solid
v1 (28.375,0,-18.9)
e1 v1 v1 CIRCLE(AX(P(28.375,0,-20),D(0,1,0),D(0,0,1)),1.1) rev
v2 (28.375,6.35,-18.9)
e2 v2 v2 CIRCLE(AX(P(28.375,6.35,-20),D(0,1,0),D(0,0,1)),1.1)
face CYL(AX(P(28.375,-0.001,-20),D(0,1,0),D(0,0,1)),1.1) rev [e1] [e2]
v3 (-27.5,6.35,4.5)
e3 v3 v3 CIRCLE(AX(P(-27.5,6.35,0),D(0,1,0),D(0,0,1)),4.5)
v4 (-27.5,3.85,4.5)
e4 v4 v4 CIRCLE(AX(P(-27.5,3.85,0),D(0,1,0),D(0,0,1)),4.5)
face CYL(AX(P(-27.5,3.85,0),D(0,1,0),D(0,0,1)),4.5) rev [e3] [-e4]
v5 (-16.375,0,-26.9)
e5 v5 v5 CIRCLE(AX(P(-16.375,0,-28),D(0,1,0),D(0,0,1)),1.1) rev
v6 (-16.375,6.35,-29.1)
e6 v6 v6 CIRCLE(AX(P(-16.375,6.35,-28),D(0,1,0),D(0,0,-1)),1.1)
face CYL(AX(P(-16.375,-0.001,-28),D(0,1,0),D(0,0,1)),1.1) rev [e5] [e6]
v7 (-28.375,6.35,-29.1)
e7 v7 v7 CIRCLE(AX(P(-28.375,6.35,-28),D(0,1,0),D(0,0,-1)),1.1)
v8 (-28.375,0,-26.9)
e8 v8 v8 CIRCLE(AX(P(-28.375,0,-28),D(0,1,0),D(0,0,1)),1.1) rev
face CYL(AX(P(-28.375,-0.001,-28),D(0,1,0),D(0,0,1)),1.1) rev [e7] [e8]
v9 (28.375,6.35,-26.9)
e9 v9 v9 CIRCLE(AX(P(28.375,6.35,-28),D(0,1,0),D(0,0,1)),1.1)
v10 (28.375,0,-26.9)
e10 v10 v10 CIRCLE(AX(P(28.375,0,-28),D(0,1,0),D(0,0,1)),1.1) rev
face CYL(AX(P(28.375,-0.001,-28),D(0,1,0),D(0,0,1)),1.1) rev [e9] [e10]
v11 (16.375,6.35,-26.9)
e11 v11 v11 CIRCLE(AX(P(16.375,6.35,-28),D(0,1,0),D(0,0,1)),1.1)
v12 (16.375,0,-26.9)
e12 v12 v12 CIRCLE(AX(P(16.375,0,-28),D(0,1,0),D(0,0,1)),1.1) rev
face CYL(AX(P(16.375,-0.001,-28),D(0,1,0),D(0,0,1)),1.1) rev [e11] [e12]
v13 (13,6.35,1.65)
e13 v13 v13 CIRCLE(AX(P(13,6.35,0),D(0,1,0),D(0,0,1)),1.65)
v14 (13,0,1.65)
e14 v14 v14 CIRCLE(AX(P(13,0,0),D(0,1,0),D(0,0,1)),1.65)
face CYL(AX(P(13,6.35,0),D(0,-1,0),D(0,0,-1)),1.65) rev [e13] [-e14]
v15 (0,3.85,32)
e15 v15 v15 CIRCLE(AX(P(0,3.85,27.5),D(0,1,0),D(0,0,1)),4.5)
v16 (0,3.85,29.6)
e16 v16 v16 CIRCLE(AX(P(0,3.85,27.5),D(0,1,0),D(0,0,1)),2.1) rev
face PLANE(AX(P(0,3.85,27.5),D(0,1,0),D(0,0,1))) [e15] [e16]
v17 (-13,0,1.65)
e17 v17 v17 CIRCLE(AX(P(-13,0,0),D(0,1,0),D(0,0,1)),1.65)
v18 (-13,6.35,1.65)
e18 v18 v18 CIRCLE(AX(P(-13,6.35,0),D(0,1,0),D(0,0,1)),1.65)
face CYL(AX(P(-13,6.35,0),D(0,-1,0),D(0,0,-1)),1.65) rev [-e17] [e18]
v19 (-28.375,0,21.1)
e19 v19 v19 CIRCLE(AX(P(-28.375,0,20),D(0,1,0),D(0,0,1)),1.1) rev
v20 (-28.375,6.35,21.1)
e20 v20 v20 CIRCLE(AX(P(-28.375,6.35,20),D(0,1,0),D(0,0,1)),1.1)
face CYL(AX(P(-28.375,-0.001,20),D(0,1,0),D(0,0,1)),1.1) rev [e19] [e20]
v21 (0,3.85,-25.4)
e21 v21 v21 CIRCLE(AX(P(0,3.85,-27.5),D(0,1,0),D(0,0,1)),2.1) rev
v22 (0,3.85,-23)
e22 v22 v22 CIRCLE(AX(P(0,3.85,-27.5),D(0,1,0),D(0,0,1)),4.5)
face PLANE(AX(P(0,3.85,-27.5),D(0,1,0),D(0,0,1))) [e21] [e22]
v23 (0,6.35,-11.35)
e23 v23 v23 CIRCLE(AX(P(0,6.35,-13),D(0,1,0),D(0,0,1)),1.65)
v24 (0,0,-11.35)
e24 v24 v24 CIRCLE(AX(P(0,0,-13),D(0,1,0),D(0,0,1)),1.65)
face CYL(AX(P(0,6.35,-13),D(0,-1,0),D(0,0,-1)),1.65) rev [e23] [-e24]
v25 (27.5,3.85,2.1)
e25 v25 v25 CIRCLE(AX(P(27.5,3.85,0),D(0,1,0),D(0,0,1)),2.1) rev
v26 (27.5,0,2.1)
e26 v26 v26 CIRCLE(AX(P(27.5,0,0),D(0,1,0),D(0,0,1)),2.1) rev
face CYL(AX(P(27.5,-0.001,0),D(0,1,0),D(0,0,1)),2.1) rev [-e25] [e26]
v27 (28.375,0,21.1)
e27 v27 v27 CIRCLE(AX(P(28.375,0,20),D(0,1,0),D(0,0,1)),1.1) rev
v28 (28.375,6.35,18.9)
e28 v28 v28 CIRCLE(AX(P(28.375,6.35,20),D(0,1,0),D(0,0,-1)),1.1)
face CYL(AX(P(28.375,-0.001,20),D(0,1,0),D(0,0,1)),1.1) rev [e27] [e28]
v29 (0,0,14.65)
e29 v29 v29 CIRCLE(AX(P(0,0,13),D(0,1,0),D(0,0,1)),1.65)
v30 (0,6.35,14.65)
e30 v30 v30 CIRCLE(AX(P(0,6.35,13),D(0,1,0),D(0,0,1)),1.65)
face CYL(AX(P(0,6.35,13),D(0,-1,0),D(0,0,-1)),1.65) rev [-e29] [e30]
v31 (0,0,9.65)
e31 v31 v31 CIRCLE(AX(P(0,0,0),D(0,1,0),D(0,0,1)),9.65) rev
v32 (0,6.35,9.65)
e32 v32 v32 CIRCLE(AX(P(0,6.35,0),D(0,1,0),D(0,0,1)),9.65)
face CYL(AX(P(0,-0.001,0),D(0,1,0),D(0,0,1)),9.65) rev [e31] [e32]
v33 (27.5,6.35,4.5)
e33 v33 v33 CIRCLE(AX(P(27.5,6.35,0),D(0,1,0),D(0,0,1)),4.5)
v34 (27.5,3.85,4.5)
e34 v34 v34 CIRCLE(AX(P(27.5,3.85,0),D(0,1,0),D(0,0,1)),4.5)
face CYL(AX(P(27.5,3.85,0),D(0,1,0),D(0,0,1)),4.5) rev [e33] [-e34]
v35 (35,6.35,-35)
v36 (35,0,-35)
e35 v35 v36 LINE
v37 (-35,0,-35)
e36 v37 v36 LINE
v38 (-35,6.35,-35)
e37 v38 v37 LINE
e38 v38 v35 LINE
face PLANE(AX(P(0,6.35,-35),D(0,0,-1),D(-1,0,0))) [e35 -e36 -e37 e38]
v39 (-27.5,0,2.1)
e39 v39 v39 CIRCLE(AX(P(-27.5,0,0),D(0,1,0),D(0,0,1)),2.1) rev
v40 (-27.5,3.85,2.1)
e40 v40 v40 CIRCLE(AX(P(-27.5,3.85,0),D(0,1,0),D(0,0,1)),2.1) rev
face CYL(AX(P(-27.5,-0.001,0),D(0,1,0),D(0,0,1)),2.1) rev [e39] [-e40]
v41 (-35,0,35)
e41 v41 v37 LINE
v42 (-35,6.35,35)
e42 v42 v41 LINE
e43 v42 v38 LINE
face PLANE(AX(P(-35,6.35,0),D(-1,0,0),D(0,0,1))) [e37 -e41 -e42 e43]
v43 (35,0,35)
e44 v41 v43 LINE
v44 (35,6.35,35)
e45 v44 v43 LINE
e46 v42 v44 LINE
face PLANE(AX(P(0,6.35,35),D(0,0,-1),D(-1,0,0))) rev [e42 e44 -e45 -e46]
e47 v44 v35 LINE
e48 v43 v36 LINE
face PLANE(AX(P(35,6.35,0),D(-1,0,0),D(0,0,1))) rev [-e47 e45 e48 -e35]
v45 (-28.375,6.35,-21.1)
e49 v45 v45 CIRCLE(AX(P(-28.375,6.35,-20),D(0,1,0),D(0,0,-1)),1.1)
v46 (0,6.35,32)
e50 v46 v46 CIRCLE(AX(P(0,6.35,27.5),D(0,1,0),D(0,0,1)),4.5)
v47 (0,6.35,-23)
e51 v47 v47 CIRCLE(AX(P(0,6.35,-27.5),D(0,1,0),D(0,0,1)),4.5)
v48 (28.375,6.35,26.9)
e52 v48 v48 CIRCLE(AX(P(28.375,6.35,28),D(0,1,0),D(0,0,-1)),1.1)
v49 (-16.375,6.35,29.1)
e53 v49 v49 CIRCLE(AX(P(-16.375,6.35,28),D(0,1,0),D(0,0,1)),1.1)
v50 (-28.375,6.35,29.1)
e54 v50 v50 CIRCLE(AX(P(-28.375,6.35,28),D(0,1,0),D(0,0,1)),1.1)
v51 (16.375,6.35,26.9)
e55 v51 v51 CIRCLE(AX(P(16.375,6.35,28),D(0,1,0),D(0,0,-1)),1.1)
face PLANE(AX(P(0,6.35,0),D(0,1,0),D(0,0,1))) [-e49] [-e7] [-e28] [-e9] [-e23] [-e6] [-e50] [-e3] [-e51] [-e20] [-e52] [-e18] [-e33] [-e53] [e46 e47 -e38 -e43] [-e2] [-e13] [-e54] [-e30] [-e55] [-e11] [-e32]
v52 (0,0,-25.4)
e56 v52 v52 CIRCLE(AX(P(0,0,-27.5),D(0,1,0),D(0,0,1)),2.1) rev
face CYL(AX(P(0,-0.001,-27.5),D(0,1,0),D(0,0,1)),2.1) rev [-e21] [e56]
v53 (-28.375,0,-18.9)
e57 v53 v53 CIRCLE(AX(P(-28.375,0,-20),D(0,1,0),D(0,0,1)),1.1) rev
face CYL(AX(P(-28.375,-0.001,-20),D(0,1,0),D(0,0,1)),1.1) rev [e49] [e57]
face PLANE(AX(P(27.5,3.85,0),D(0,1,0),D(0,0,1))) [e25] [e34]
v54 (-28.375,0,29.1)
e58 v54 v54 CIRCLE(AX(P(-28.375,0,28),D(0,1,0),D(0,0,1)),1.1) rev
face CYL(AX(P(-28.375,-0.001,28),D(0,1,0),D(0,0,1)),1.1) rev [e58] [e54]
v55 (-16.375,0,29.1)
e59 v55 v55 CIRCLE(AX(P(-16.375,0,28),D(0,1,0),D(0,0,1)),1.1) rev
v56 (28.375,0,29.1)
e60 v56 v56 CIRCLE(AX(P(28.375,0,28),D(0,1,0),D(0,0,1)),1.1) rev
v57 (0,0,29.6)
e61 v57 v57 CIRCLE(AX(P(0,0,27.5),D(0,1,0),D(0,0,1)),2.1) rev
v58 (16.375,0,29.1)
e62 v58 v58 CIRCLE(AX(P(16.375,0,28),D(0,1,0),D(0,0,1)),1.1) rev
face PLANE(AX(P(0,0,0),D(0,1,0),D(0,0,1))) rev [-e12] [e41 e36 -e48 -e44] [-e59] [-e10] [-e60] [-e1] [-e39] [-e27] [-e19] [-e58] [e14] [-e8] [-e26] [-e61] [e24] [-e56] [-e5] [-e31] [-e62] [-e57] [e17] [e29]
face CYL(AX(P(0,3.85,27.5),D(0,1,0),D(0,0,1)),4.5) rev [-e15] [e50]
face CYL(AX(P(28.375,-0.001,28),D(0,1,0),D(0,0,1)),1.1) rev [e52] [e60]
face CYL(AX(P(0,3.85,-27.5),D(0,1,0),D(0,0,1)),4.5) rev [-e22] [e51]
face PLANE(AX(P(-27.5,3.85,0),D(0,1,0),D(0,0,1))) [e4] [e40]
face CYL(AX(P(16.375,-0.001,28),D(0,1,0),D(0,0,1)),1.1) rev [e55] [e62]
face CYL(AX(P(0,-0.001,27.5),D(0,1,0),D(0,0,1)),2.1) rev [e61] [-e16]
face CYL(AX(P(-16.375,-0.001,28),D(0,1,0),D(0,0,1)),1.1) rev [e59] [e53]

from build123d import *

# Parameters (mm, degrees)
SKETCH1_W           = 70
SKETCH1_H           = 70
SKETCH1_R           = 1.65
BOSS_EXTRUDE1_DEPTH = 6.35
CUT_EXTRUDE1_REACH  = 51.903
SKETCH2_R           = 1.1
CUT_EXTRUDE2_REACH  = 51.903
SKETCH3_R           = 9.65
CUT_EXTRUDE3_REACH  = 51.903
SKETCH4_R           = 2.1
SKETCH5_R           = 4.5
CUT_EXTRUDE4_DEPTH  = 2.5


with BuildPart() as part:
    # Sketch1 → Boss-Extrude1 (new body)
    with BuildSketch(Plane(origin=(0, 0, 0), x_dir=(1, 0, 0), z_dir=(0, 1, 0))):
        Rectangle(SKETCH1_W, SKETCH1_H)
        with Locations(Location((0, 13, 0), (0, 0, 270))):
            Circle(SKETCH1_R, mode=Mode.SUBTRACT)
        with Locations(Location((13, 0, 0), (0, 0, 270))):
            Circle(SKETCH1_R, mode=Mode.SUBTRACT)
        with Locations(Location((0, -13, 0), (0, 0, 270))):
            Circle(SKETCH1_R, mode=Mode.SUBTRACT)
        with Locations(Location((-13, 0, 0), (0, 0, 270))):
            Circle(SKETCH1_R, mode=Mode.SUBTRACT)
    extrude(amount=BOSS_EXTRUDE1_DEPTH)

    # Sketch2 → Cut-Extrude1 (cut, up to next)
    with BuildSketch(Plane(origin=(0, 6.35, 0), x_dir=(1, 0, 0), z_dir=(0, 1, 0)), mode=Mode.PRIVATE) as cut_extrude1_sk1:
        with Locations(Location((16.375, 28, 0), (0, 0, 270))):
            Circle(SKETCH2_R)
    cut_extrude1_tool1 = extrude(cut_extrude1_sk1.sketch, amount=-CUT_EXTRUDE1_REACH, mode=Mode.PRIVATE) & part.part
    # Sketch2 → Cut-Extrude1 (cut, up to next)
    with BuildSketch(Plane(origin=(0, 6.35, 0), x_dir=(1, 0, 0), z_dir=(0, 1, 0)), mode=Mode.PRIVATE) as cut_extrude1_sk2:
        with Locations(Location((28.375, 28, 0), (0, 0, 270))):
            Circle(SKETCH2_R)
    cut_extrude1_tool2 = extrude(cut_extrude1_sk2.sketch, amount=-CUT_EXTRUDE1_REACH, mode=Mode.PRIVATE) & part.part
    # Sketch2 → Cut-Extrude1 (cut, up to next)
    with BuildSketch(Plane(origin=(0, 6.35, 0), x_dir=(1, 0, 0), z_dir=(0, 1, 0)), mode=Mode.PRIVATE) as cut_extrude1_sk3:
        with Locations(Location((28.375, 20, 0), (0, 0, 270))):
            Circle(SKETCH2_R)
    cut_extrude1_tool3 = extrude(cut_extrude1_sk3.sketch, amount=-CUT_EXTRUDE1_REACH, mode=Mode.PRIVATE) & part.part
    # Sketch2 → Cut-Extrude1 (cut, up to next)
    with BuildSketch(Plane(origin=(0, 6.35, 0), x_dir=(1, 0, 0), z_dir=(0, 1, 0)), mode=Mode.PRIVATE) as cut_extrude1_sk4:
        with Locations(Location((-28.375, 20, 0), (0, 0, 270))):
            Circle(SKETCH2_R)
    cut_extrude1_tool4 = extrude(cut_extrude1_sk4.sketch, amount=-CUT_EXTRUDE1_REACH, mode=Mode.PRIVATE) & part.part
    # Sketch2 → Cut-Extrude1 (cut, up to next)
    with BuildSketch(Plane(origin=(0, 6.35, 0), x_dir=(1, 0, 0), z_dir=(0, 1, 0)), mode=Mode.PRIVATE) as cut_extrude1_sk5:
        with Locations(Location((-28.375, 28, 0), (0, 0, 270))):
            Circle(SKETCH2_R)
    cut_extrude1_tool5 = extrude(cut_extrude1_sk5.sketch, amount=-CUT_EXTRUDE1_REACH, mode=Mode.PRIVATE) & part.part
    # Sketch2 → Cut-Extrude1 (cut, up to next)
    with BuildSketch(Plane(origin=(0, 6.35, 0), x_dir=(1, 0, 0), z_dir=(0, 1, 0)), mode=Mode.PRIVATE) as cut_extrude1_sk6:
        with Locations(Location((-16.375, 28, 0), (0, 0, 270))):
            Circle(SKETCH2_R)
    cut_extrude1_tool6 = extrude(cut_extrude1_sk6.sketch, amount=-CUT_EXTRUDE1_REACH, mode=Mode.PRIVATE) & part.part
    # Sketch2 → Cut-Extrude1 (cut, up to next)
    with BuildSketch(Plane(origin=(0, 6.35, 0), x_dir=(1, 0, 0), z_dir=(0, 1, 0)), mode=Mode.PRIVATE) as cut_extrude1_sk7:
        with Locations(Location((28.375, -20, 0), (0, 0, 270))):
            Circle(SKETCH2_R)
    cut_extrude1_tool7 = extrude(cut_extrude1_sk7.sketch, amount=-CUT_EXTRUDE1_REACH, mode=Mode.PRIVATE) & part.part
    # Sketch2 → Cut-Extrude1 (cut, up to next)
    with BuildSketch(Plane(origin=(0, 6.35, 0), x_dir=(1, 0, 0), z_dir=(0, 1, 0)), mode=Mode.PRIVATE) as cut_extrude1_sk8:
        with Locations(Location((28.375, -28, 0), (0, 0, 270))):
            Circle(SKETCH2_R)
    cut_extrude1_tool8 = extrude(cut_extrude1_sk8.sketch, amount=-CUT_EXTRUDE1_REACH, mode=Mode.PRIVATE) & part.part
    # Sketch2 → Cut-Extrude1 (cut, up to next)
    with BuildSketch(Plane(origin=(0, 6.35, 0), x_dir=(1, 0, 0), z_dir=(0, 1, 0)), mode=Mode.PRIVATE) as cut_extrude1_sk9:
        with Locations(Location((16.375, -28, 0), (0, 0, 270))):
            Circle(SKETCH2_R)
    cut_extrude1_tool9 = extrude(cut_extrude1_sk9.sketch, amount=-CUT_EXTRUDE1_REACH, mode=Mode.PRIVATE) & part.part
    # Sketch2 → Cut-Extrude1 (cut, up to next)
    with BuildSketch(Plane(origin=(0, 6.35, 0), x_dir=(1, 0, 0), z_dir=(0, 1, 0)), mode=Mode.PRIVATE) as cut_extrude1_sk10:
        with Locations(Location((-16.375, -28, 0), (0, 0, 270))):
            Circle(SKETCH2_R)
    cut_extrude1_tool10 = extrude(cut_extrude1_sk10.sketch, amount=-CUT_EXTRUDE1_REACH, mode=Mode.PRIVATE) & part.part
    # Sketch2 → Cut-Extrude1 (cut, up to next)
    with BuildSketch(Plane(origin=(0, 6.35, 0), x_dir=(1, 0, 0), z_dir=(0, 1, 0)), mode=Mode.PRIVATE) as cut_extrude1_sk11:
        with Locations(Location((-28.375, -20, 0), (0, 0, 270))):
            Circle(SKETCH2_R)
    cut_extrude1_tool11 = extrude(cut_extrude1_sk11.sketch, amount=-CUT_EXTRUDE1_REACH, mode=Mode.PRIVATE) & part.part
    # Sketch2 → Cut-Extrude1 (cut, up to next)
    with BuildSketch(Plane(origin=(0, 6.35, 0), x_dir=(1, 0, 0), z_dir=(0, 1, 0)), mode=Mode.PRIVATE) as cut_extrude1_sk12:
        with Locations(Location((-28.375, -28, 0), (0, 0, 270))):
            Circle(SKETCH2_R)
    cut_extrude1_tool12 = extrude(cut_extrude1_sk12.sketch, amount=-CUT_EXTRUDE1_REACH, mode=Mode.PRIVATE) & part.part
    add(cut_extrude1_tool1.solids().sort_by_distance((16.375, 6.35, -28))[0], mode=Mode.SUBTRACT)
    add(cut_extrude1_tool2.solids().sort_by_distance((28.375, 6.35, -28))[0], mode=Mode.SUBTRACT)
    add(cut_extrude1_tool3.solids().sort_by_distance((28.375, 6.35, -20))[0], mode=Mode.SUBTRACT)
    add(cut_extrude1_tool4.solids().sort_by_distance((-28.375, 6.35, -20))[0], mode=Mode.SUBTRACT)
    add(cut_extrude1_tool5.solids().sort_by_distance((-28.375, 6.35, -28))[0], mode=Mode.SUBTRACT)
    add(cut_extrude1_tool6.solids().sort_by_distance((-16.375, 6.35, -28))[0], mode=Mode.SUBTRACT)
    add(cut_extrude1_tool7.solids().sort_by_distance((28.375, 6.35, 20))[0], mode=Mode.SUBTRACT)
    add(cut_extrude1_tool8.solids().sort_by_distance((28.375, 6.35, 28))[0], mode=Mode.SUBTRACT)
    add(cut_extrude1_tool9.solids().sort_by_distance((16.375, 6.35, 28))[0], mode=Mode.SUBTRACT)
    add(cut_extrude1_tool10.solids().sort_by_distance((-16.375, 6.35, 28))[0], mode=Mode.SUBTRACT)
    add(cut_extrude1_tool11.solids().sort_by_distance((-28.375, 6.35, 20))[0], mode=Mode.SUBTRACT)
    add(cut_extrude1_tool12.solids().sort_by_distance((-28.375, 6.35, 28))[0], mode=Mode.SUBTRACT)

    # Sketch3 → Cut-Extrude2 (cut, up to next)
    with BuildSketch(Plane(origin=(0, 6.35, 0), x_dir=(1, 0, 0), z_dir=(0, 1, 0)), mode=Mode.PRIVATE) as cut_extrude2_sk1:
        with Locations(Location((0, 0, 0), (0, 0, 270))):
            Circle(SKETCH3_R)
    cut_extrude2_tool1 = extrude(cut_extrude2_sk1.sketch, amount=-CUT_EXTRUDE2_REACH, mode=Mode.PRIVATE) & part.part
    add(cut_extrude2_tool1.solids().sort_by_distance((0, 6.35, 0))[0], mode=Mode.SUBTRACT)

    # Sketch4 → Cut-Extrude3 (cut, up to next)
    with BuildSketch(Plane(origin=(0, 6.35, 0), x_dir=(1, 0, 0), z_dir=(0, 1, 0)), mode=Mode.PRIVATE) as cut_extrude3_sk1:
        with Locations(Location((0, 27.5, 0), (0, 0, 270))):
            Circle(SKETCH4_R)
    cut_extrude3_tool1 = extrude(cut_extrude3_sk1.sketch, amount=-CUT_EXTRUDE3_REACH, mode=Mode.PRIVATE) & part.part
    # Sketch4 → Cut-Extrude3 (cut, up to next)
    with BuildSketch(Plane(origin=(0, 6.35, 0), x_dir=(1, 0, 0), z_dir=(0, 1, 0)), mode=Mode.PRIVATE) as cut_extrude3_sk2:
        with Locations(Location((27.5, 0, 0), (0, 0, 270))):
            Circle(SKETCH4_R)
    cut_extrude3_tool2 = extrude(cut_extrude3_sk2.sketch, amount=-CUT_EXTRUDE3_REACH, mode=Mode.PRIVATE) & part.part
    # Sketch4 → Cut-Extrude3 (cut, up to next)
    with BuildSketch(Plane(origin=(0, 6.35, 0), x_dir=(1, 0, 0), z_dir=(0, 1, 0)), mode=Mode.PRIVATE) as cut_extrude3_sk3:
        with Locations(Location((0, -27.5, 0), (0, 0, 270))):
            Circle(SKETCH4_R)
    cut_extrude3_tool3 = extrude(cut_extrude3_sk3.sketch, amount=-CUT_EXTRUDE3_REACH, mode=Mode.PRIVATE) & part.part
    # Sketch4 → Cut-Extrude3 (cut, up to next)
    with BuildSketch(Plane(origin=(0, 6.35, 0), x_dir=(1, 0, 0), z_dir=(0, 1, 0)), mode=Mode.PRIVATE) as cut_extrude3_sk4:
        with Locations(Location((-27.5, 0, 0), (0, 0, 270))):
            Circle(SKETCH4_R)
    cut_extrude3_tool4 = extrude(cut_extrude3_sk4.sketch, amount=-CUT_EXTRUDE3_REACH, mode=Mode.PRIVATE) & part.part
    add(cut_extrude3_tool1.solids().sort_by_distance((0, 6.35, -27.5))[0], mode=Mode.SUBTRACT)
    add(cut_extrude3_tool2.solids().sort_by_distance((27.5, 6.35, 0))[0], mode=Mode.SUBTRACT)
    add(cut_extrude3_tool3.solids().sort_by_distance((0, 6.35, 27.5))[0], mode=Mode.SUBTRACT)
    add(cut_extrude3_tool4.solids().sort_by_distance((-27.5, 6.35, 0))[0], mode=Mode.SUBTRACT)

    # Sketch5 → Cut-Extrude4 (cut)
    with BuildSketch(Plane(origin=(0, 6.35, 0), x_dir=(1, 0, 0), z_dir=(0, 1, 0))):
        with Locations(Location((0, 27.5, 0), (0, 0, 270))):
            Circle(SKETCH5_R)
        with Locations(Location((27.5, 0, 0), (0, 0, 270))):
            Circle(SKETCH5_R)
        with Locations(Location((0, -27.5, 0), (0, 0, 270))):
            Circle(SKETCH5_R)
        with Locations(Location((-27.5, 0, 0), (0, 0, 270))):
            Circle(SKETCH5_R)
    extrude(amount=-CUT_EXTRUDE4_DEPTH, mode=Mode.SUBTRACT)


solid = part.part
